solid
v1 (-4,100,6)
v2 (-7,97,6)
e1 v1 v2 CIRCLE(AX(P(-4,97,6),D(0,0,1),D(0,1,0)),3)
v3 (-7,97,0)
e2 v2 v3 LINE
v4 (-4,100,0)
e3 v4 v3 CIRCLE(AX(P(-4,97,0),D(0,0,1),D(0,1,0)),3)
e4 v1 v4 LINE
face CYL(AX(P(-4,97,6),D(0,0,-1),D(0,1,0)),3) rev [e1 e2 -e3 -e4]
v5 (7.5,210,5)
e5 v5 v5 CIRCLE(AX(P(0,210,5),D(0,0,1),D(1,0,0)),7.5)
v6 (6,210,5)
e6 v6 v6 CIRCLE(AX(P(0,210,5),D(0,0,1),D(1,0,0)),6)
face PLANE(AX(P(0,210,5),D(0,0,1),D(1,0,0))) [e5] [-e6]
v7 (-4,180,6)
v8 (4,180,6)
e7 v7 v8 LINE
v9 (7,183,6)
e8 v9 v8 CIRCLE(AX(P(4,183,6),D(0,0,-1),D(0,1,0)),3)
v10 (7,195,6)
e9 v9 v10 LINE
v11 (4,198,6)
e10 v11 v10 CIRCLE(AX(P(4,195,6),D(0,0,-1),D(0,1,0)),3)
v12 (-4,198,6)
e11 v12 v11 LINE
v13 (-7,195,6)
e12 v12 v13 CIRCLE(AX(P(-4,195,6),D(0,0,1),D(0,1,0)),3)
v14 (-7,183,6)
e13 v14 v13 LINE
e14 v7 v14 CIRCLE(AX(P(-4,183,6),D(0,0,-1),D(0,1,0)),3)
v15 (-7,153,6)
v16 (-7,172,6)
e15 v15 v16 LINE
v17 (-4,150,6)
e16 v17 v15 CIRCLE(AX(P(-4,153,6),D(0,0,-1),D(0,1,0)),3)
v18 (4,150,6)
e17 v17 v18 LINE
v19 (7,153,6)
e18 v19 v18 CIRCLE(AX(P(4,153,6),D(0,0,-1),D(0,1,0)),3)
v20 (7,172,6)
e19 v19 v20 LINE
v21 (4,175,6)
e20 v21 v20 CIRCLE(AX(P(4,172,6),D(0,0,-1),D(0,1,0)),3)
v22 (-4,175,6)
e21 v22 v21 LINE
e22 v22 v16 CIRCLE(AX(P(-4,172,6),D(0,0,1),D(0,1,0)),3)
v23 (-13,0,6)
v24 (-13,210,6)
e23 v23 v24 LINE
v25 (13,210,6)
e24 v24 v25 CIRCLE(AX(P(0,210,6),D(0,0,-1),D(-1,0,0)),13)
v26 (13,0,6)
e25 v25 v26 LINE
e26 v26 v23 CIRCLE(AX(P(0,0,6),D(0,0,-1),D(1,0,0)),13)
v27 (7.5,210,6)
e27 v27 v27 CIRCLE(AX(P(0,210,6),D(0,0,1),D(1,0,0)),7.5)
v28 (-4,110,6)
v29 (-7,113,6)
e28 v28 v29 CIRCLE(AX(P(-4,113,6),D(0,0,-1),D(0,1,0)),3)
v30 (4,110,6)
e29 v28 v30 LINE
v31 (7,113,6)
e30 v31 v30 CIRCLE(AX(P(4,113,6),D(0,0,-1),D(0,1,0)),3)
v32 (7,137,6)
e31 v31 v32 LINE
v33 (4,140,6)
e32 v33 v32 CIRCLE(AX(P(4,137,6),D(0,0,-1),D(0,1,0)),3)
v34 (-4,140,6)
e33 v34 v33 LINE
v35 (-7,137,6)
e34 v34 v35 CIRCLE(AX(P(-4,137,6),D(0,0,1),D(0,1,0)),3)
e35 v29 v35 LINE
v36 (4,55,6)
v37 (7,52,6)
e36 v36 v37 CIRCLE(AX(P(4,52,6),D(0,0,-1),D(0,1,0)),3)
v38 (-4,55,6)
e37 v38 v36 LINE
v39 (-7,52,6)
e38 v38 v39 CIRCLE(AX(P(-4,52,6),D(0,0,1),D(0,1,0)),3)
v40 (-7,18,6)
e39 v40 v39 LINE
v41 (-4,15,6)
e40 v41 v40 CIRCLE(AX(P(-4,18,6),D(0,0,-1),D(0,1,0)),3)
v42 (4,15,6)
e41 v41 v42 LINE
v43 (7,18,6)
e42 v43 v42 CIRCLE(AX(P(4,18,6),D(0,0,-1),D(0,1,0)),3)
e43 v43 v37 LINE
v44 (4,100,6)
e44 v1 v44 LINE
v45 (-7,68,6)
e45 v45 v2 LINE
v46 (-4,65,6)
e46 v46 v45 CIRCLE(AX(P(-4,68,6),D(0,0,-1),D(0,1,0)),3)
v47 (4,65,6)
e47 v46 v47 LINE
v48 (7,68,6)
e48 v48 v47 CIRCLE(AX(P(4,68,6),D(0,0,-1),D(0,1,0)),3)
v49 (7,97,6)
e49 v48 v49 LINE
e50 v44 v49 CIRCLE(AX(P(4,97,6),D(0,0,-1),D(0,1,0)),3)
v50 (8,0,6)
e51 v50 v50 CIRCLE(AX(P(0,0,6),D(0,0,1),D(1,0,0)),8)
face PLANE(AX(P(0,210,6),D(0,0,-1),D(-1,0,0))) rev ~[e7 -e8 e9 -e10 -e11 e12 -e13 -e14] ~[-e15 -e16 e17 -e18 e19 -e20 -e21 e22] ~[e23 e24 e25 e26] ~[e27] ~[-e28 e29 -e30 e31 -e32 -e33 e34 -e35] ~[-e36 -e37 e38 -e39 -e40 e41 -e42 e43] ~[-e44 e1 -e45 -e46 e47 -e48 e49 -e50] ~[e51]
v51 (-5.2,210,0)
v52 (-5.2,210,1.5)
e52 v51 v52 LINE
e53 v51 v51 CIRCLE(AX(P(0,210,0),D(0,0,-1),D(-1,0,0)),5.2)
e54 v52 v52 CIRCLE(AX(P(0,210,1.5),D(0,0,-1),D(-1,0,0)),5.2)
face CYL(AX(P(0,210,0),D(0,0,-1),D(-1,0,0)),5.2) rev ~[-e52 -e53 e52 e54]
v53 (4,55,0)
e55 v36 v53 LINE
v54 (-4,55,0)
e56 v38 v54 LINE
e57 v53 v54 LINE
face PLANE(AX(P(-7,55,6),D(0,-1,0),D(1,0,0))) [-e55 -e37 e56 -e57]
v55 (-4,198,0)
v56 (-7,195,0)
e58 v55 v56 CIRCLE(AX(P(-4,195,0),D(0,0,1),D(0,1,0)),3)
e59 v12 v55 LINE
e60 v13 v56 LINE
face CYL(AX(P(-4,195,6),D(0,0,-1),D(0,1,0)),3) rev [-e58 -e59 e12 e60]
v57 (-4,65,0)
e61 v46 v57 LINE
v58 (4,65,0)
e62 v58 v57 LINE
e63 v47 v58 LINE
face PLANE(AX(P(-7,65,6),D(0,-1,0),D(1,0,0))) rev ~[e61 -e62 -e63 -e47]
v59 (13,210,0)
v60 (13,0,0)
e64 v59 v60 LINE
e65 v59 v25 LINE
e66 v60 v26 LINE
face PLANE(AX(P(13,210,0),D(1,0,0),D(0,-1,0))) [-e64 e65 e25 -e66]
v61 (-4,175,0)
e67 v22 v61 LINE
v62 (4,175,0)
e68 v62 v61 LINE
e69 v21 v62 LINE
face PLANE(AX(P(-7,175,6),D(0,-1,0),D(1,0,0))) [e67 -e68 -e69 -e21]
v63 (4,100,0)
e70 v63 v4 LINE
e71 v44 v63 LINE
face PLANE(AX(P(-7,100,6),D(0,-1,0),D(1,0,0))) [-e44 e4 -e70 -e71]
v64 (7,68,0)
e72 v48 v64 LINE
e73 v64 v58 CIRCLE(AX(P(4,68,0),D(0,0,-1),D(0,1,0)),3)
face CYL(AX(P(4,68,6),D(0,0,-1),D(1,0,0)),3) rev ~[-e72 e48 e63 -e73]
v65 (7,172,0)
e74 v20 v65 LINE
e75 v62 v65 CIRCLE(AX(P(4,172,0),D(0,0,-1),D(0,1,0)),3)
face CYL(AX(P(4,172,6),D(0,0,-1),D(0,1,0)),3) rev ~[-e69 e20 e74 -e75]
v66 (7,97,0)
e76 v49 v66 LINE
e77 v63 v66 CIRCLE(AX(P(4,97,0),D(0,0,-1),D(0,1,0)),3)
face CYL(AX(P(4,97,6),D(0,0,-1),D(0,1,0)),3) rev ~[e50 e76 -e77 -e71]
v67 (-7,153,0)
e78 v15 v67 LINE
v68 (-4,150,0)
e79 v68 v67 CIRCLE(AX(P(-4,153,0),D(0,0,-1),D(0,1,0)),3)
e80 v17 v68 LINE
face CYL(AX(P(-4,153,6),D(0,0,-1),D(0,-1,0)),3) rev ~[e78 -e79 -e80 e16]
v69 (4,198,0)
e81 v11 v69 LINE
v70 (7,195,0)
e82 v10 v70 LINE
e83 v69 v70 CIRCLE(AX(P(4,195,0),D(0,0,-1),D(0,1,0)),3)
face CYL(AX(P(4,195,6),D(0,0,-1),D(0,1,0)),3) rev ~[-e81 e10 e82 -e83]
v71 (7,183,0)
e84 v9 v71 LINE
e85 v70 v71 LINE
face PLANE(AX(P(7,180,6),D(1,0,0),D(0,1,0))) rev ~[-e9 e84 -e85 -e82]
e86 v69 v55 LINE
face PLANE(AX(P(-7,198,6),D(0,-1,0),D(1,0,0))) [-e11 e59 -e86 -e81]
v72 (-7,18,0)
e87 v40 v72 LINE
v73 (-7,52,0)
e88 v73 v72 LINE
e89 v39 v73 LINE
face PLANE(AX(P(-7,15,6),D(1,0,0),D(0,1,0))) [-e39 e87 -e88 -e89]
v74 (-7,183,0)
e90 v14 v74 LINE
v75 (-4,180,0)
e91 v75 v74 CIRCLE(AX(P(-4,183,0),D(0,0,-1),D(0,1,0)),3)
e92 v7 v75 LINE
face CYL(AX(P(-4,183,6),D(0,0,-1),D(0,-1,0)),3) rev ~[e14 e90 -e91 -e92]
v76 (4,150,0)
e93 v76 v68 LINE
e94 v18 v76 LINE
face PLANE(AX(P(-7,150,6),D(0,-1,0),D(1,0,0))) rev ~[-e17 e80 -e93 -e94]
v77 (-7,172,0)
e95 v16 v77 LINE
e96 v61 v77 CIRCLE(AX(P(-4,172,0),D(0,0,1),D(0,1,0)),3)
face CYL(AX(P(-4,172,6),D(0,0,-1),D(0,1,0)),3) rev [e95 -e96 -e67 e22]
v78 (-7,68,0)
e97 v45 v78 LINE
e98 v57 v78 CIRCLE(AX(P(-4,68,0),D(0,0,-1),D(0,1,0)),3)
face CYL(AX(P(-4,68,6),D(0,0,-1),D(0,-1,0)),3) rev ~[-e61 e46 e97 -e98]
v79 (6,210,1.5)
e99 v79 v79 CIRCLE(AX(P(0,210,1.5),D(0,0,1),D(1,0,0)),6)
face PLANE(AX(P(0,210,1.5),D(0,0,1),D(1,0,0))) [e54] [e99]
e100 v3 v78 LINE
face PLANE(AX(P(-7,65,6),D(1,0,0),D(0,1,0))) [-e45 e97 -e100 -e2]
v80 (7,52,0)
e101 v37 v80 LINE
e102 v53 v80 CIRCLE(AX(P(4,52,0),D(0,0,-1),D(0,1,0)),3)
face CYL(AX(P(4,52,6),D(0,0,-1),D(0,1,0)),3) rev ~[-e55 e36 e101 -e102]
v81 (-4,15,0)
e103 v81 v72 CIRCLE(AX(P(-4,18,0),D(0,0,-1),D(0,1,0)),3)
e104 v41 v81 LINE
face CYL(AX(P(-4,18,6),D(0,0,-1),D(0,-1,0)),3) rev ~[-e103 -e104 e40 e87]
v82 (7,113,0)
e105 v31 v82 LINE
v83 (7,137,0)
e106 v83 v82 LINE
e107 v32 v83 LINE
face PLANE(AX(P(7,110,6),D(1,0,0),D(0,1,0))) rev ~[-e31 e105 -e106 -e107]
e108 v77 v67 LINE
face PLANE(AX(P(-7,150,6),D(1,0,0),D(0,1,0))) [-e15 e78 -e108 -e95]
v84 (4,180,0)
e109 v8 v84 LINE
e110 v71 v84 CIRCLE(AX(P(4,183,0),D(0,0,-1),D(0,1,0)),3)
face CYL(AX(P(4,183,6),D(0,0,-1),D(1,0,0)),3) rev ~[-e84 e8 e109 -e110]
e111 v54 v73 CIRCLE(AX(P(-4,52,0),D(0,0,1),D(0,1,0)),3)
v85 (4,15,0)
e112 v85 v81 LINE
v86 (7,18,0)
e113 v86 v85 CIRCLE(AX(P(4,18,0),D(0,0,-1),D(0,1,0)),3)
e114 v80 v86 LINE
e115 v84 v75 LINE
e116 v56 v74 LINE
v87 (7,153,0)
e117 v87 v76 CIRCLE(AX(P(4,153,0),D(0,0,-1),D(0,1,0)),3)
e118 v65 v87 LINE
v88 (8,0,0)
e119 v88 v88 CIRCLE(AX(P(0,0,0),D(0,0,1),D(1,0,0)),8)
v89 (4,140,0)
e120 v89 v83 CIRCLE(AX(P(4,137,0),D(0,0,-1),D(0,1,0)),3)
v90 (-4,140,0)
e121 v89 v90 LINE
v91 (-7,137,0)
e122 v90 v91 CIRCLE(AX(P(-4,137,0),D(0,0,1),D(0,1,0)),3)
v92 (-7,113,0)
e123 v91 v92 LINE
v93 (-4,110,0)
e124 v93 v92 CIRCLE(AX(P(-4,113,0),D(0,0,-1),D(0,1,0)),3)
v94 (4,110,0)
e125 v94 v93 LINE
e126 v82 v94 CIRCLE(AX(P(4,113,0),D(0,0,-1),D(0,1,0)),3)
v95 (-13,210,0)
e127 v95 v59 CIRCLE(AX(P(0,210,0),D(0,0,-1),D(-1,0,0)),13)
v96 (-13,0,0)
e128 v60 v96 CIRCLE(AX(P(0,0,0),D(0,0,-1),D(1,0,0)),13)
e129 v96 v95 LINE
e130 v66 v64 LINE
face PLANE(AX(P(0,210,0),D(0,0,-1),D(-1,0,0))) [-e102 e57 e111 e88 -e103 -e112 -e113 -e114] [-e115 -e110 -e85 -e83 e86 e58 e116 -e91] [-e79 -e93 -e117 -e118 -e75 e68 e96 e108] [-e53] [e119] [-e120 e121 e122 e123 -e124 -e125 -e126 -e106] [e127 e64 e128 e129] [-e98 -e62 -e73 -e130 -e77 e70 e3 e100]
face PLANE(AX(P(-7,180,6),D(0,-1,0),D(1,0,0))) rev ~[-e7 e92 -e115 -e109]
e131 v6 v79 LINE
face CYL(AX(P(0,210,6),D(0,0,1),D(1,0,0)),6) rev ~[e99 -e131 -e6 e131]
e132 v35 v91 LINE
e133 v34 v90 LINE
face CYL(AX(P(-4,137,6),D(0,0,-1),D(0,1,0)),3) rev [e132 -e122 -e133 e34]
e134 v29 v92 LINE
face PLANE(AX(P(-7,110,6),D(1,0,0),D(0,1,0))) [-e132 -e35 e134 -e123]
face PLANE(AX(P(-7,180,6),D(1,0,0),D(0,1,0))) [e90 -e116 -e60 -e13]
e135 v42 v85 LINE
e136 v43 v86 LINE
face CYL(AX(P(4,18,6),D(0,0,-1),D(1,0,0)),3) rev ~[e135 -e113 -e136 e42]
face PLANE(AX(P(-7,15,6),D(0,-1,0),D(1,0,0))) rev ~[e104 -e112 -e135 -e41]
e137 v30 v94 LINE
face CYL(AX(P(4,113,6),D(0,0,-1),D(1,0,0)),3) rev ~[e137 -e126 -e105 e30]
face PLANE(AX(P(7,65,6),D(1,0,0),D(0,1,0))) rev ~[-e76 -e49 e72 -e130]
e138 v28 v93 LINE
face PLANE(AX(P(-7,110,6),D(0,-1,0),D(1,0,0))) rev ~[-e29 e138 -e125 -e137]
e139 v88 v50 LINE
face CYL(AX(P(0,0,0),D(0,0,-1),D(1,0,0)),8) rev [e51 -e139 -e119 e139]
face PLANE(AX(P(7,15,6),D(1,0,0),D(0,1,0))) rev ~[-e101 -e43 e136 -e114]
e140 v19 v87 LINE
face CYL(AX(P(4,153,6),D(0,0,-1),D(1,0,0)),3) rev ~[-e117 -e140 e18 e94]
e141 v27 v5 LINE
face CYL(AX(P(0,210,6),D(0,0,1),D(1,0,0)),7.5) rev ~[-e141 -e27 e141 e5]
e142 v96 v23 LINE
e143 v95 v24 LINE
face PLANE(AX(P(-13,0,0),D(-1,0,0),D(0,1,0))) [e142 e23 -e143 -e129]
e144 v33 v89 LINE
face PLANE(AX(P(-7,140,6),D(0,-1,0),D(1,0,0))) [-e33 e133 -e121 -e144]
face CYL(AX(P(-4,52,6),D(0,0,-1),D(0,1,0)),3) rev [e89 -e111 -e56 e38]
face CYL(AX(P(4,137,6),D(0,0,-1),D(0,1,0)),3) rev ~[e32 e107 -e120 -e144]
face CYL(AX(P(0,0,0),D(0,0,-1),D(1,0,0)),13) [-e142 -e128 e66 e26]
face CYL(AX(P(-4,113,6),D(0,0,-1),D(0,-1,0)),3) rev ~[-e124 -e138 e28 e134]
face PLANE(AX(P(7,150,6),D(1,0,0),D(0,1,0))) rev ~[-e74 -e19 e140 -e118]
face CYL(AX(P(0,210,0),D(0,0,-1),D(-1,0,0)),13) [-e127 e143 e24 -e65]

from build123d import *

# Parameters (mm, degrees)
SKETCH_1_R          = 8
EXTRUDE_1_DEPTH     = 6
SKETCH_2_W          = 14
SKETCH_2_H          = 25
SKETCH_2_H_2        = 30
SKETCH_2_H_3        = 35
SKETCH_2_H_4        = 40
SKETCH_2_H_5        = 18
CUT_EXTRUDE_1_DEPTH = 224.45916853
FILLET_1_R          = 3
SKETCH_3_R          = 8
SKETCH_3_R_2        = 5.2
EXTRUDE_2_DEPTH     = 6
SKETCH_4_R          = 6
CUT_EXTRUDE_2_DEPTH = 4.5
SKETCH_5_R          = 7.5
CUT_EXTRUDE_3_DEPTH = 1


with BuildPart() as part:
    # 草图1 → 凸台-拉伸1 (new body)
    with BuildSketch(Plane.XY):
        with BuildLine():
            Line((-13, 0), (-13, 210))
            ThreePointArc((-13, 210), (0, 223), (13, 210))
            Line((13, 210), (13, 0))
            ThreePointArc((13, 0), (0, -13), (-13, 0))
        make_face()
        Circle(SKETCH_1_R, mode=Mode.SUBTRACT)
        with Locations((0, 210)):
            Circle(SKETCH_1_R, mode=Mode.SUBTRACT)
    extrude(amount=EXTRUDE_1_DEPTH)

    # 草图2 → 切除-拉伸1 (cut, through all)
    with BuildSketch(Plane.XY.offset(6)):
        with Locations((0, 162.5)):
            Rectangle(SKETCH_2_W, SKETCH_2_H)
        with Locations((0, 125)):
            Rectangle(SKETCH_2_W, SKETCH_2_H_2)
        with Locations((0, 82.5)):
            Rectangle(SKETCH_2_W, SKETCH_2_H_3)
        with Locations((0, 35)):
            Rectangle(SKETCH_2_W, SKETCH_2_H_4)
        with Locations((0, 189)):
            Rectangle(SKETCH_2_W, SKETCH_2_H_5)
    extrude(amount=-CUT_EXTRUDE_1_DEPTH, mode=Mode.SUBTRACT)

    # 圆角1
    fillet_1_edges = [part.edges().sort_by_distance(p)[0] for p in [
        (7, 140, 3),
        (7, 110, 3),
        (-7, 110, 3),
        (-7, 140, 3),
        (7, 100, 3),
        (7, 65, 3),
        (-7, 65, 3),
        (-7, 100, 3),
        (7, 55, 3),
        (7, 15, 3),
        (-7, 15, 3),
        (-7, 55, 3),
        (7, 198, 3),
        (7, 180, 3),
        (-7, 180, 3),
        (-7, 198, 3),
        (7, 175, 3),
        (7, 150, 3),
        (-7, 150, 3),
        (-7, 175, 3),
    ]]
    fillet(fillet_1_edges, radius=FILLET_1_R)

    # 草图3 → 凸台-拉伸2 (add)
    with BuildSketch(Plane(origin=(0, 0, 0), x_dir=(-1, 0, 0), z_dir=(0, 0, -1))):
        with Locations((0, 210)):
            Circle(SKETCH_3_R)
        with Locations((0, 210)):
            Circle(SKETCH_3_R_2, mode=Mode.SUBTRACT)
    extrude(amount=-EXTRUDE_2_DEPTH)

    # 草图4 → 切除-拉伸2 (cut)
    with BuildSketch(Plane.XY.offset(6)):
        with Locations((0, 210)):
            Circle(SKETCH_4_R)
    extrude(amount=-CUT_EXTRUDE_2_DEPTH, mode=Mode.SUBTRACT)

    # 草图5 → 切除-拉伸3 (cut)
    with BuildSketch(Plane.XY.offset(6)):
        with Locations((0, 210)):
            Circle(SKETCH_5_R)
    extrude(amount=-CUT_EXTRUDE_3_DEPTH, mode=Mode.SUBTRACT)


solid = part.part
